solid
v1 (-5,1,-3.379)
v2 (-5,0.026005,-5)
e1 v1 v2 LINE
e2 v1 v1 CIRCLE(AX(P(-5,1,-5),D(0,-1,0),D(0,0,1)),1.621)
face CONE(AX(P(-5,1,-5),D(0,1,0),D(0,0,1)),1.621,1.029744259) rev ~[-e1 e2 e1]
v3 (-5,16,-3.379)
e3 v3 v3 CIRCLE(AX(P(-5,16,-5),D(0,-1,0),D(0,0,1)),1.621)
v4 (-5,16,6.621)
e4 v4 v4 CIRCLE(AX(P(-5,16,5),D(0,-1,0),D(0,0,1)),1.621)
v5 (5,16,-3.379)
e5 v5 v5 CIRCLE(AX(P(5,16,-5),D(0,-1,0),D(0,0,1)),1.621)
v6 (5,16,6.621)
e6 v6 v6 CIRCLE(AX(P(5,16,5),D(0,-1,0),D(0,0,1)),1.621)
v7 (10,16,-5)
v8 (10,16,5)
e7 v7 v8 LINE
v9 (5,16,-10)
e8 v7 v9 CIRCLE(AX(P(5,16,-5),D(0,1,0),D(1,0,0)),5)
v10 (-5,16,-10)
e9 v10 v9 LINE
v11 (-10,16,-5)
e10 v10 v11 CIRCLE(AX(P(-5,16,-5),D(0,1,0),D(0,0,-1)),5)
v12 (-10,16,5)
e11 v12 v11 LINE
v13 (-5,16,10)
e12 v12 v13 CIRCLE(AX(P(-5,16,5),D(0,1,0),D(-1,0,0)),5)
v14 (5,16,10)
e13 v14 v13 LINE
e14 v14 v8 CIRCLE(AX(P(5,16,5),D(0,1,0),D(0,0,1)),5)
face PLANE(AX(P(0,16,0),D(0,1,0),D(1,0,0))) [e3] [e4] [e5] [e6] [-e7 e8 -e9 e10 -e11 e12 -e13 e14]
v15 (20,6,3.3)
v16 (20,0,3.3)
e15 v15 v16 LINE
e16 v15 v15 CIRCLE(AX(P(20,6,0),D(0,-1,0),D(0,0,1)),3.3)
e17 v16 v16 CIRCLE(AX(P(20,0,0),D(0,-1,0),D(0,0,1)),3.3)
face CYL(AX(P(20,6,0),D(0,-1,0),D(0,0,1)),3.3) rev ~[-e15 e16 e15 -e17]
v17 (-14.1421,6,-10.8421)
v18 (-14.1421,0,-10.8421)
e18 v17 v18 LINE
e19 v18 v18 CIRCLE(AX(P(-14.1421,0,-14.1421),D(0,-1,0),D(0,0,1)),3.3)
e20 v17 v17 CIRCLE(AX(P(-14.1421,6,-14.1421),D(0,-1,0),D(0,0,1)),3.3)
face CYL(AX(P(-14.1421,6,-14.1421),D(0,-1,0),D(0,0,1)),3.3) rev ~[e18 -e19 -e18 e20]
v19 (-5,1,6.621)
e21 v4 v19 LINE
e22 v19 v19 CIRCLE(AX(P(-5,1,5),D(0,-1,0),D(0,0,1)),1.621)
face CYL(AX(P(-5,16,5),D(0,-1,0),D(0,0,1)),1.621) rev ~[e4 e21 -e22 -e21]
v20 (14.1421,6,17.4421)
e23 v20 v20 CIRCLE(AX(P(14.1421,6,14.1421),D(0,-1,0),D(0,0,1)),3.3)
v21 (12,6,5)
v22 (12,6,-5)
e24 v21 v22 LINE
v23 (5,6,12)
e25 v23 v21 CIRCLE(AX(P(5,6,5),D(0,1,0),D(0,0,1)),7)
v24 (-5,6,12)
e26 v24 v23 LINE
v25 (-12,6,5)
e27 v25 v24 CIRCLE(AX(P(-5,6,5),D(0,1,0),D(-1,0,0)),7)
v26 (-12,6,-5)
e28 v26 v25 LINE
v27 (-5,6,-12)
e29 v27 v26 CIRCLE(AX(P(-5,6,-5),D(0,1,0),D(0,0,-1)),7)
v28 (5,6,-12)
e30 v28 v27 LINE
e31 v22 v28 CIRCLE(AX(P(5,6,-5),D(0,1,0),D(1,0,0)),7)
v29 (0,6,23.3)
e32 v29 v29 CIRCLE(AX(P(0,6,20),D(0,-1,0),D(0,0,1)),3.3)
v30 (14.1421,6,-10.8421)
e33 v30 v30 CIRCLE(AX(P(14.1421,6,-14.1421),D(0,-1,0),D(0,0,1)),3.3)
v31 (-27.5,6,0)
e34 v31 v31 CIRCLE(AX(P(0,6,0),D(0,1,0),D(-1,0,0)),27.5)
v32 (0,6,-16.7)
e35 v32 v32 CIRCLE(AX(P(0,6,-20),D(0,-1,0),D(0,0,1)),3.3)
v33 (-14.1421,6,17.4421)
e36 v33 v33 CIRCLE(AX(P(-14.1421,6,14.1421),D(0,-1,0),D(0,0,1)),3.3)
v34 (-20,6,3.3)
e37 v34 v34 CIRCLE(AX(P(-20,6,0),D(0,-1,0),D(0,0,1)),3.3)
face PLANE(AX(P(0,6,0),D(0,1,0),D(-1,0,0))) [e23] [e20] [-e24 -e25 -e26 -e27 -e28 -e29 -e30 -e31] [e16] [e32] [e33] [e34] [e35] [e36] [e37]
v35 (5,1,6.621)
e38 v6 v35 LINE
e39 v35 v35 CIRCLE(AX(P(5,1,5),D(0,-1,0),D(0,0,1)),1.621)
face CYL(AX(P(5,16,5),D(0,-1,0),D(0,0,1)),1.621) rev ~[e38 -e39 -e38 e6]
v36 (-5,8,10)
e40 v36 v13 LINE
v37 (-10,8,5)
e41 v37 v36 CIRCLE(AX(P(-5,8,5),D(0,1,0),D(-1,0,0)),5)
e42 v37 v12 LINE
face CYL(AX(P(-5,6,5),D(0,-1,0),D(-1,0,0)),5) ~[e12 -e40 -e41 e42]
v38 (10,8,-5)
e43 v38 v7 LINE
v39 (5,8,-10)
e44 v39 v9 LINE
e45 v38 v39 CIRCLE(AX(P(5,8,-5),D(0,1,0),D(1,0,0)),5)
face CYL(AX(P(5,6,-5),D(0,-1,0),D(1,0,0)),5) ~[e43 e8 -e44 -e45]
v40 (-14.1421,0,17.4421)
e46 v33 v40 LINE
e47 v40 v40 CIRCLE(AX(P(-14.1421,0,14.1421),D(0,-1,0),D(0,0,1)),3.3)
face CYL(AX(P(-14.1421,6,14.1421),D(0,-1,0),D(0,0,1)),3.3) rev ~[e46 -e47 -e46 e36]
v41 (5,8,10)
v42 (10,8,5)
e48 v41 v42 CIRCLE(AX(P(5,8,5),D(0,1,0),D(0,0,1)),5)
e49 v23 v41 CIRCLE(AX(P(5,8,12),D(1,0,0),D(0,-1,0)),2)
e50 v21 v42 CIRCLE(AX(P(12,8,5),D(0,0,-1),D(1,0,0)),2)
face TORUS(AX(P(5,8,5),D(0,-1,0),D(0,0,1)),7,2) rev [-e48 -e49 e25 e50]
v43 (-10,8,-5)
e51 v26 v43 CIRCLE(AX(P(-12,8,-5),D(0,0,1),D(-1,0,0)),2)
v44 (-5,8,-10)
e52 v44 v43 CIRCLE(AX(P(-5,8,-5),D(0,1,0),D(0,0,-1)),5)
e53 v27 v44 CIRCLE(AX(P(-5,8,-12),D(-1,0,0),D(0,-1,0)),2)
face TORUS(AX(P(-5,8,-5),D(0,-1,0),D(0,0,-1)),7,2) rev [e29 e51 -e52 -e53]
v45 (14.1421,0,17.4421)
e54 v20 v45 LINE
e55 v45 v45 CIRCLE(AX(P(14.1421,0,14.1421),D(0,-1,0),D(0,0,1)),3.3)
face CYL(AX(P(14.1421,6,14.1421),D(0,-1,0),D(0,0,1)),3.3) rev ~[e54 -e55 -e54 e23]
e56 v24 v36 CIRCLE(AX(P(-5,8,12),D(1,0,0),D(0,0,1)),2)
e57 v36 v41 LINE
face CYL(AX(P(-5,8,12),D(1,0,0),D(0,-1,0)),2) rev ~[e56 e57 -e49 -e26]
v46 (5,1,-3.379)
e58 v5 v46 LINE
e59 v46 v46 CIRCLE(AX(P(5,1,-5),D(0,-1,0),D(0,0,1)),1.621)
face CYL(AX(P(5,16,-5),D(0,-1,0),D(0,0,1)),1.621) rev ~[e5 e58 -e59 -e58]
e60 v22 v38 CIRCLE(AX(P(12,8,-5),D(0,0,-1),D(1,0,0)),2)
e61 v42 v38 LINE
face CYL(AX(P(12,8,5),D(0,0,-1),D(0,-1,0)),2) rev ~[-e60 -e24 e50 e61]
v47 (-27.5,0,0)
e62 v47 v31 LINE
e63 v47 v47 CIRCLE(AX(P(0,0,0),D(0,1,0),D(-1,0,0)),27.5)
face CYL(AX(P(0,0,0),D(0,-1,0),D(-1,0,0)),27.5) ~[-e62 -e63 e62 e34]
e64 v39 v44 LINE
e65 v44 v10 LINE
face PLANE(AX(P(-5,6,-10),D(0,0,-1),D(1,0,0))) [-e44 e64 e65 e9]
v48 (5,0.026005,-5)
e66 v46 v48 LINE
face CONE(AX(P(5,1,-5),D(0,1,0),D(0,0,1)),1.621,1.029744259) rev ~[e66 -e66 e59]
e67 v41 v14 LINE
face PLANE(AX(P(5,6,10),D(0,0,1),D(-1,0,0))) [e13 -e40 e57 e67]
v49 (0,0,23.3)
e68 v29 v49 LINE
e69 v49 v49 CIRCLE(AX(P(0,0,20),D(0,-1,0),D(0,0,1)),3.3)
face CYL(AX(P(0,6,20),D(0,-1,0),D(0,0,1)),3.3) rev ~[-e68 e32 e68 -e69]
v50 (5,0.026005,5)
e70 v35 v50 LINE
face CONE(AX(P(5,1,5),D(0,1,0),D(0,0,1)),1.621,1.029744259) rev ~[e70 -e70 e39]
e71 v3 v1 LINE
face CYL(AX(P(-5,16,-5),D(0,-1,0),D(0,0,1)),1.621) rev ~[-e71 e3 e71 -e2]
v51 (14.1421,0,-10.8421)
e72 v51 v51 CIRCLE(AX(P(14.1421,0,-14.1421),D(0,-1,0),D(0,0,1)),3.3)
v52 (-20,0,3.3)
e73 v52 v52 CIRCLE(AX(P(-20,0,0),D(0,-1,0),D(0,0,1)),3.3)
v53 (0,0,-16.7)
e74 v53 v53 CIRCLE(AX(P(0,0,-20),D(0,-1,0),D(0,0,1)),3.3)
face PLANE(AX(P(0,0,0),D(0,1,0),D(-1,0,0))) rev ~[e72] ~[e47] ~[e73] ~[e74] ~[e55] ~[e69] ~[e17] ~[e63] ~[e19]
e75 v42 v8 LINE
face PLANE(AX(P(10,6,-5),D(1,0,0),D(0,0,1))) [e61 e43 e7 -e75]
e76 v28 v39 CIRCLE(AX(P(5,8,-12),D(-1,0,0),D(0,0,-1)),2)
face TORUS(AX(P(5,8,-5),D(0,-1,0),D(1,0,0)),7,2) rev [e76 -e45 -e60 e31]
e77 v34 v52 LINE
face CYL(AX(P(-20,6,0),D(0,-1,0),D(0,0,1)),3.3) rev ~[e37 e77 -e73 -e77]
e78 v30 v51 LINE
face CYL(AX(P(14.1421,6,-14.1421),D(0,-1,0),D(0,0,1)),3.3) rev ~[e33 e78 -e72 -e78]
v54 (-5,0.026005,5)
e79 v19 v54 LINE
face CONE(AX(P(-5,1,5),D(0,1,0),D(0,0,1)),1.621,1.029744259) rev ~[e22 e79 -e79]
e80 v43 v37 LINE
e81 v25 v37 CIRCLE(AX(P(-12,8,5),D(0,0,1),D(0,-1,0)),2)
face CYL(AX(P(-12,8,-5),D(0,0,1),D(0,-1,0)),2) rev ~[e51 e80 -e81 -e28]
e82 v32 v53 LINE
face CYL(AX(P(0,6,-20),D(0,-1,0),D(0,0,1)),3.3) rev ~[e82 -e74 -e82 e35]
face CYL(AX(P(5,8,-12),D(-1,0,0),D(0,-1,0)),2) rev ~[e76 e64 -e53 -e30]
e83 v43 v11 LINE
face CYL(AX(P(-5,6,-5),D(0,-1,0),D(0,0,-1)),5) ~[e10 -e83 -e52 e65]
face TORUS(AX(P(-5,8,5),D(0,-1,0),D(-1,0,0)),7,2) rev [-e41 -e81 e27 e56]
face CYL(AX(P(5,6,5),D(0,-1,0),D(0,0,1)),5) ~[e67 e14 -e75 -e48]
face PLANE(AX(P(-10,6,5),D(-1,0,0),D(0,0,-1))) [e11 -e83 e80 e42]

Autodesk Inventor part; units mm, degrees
ref_plane "YZ Plane" through (0, 0, 0) normal (1, 0, 0) x (0, 1, 0)
ref_plane "XZ Plane" through (0, 0, 0) normal (0, 1, 0) x (-1, 0, 0)
ref_plane "XY Plane" through (0, 0, 0) normal (0, 0, 1) x (1, 0, 0)
sketch "Sketch1" plane through (0, 0, 0) normal (0, 1, 0) x (-1, 0, 0)
  circle A0 centre (0, 0) radius 27.5
  dimension "d0" = 55
extrude "Extrusion1" add sketch "Sketch1" along normal blind 6
sketch "Sketch2" plane through (0, 6, 0) normal (0, 1, 0) x (1, 0, 0)
  circle A0 centre (0, 0) radius 27.5 projected
  point P0 (20, 0)
  point P1 (14.1421, 14.1421)
  point P2 (0, 20)
  point P3 (-14.1421, 14.1421)
  point P4 (-20, 0)
  point P5 (-14.1421, -14.1421)
  point P6 (0, -20)
  point P7 (14.1421, -14.1421)
  dimension "d3" = 20
  dimension "d6" = 360
hole "Hole1" at (20, 6, 0) at (14.1421, 6, -14.1421) at (0, 6, -20) at (-14.1421, 6, -14.1421) at (-20, 6, 0) at (-14.1421, 6, 14.1421) at (0, 6, 20) at (14.1421, 6, 14.1421) direction (0, -1, 0) diameter 6.6 depth 8 tip angle 118 clearance for "Flat Head Machine Screw" size "M6" standard "Ansi Metric M Profile"
sketch "Sketch3" plane through (0, 6, 0) normal (0, 1, 0) x (1, 0, 0)
  circle A0 centre (0, 0) radius 27.5 projected
  line L0 (-5, 10) -> (5, 10)
  line L1 (10, 5) -> (10, -5)
  line L2 (5, -10) -> (-5, -10)
  line L3 (-10, -5) -> (-10, 5)
  arc A1 (-5, 10) -> (-10, 5) centre (-5, 5) ccw
  arc A2 (10, 5) -> (5, 10) centre (5, 5) ccw
  arc A3 (5, -10) -> (10, -5) centre (5, -5) ccw
  arc A4 (-10, -5) -> (-5, -10) centre (-5, -5) ccw
  point P0 (0, 10)
  point P1 (10, 0)
  dimension "d15" = 5
  dimension "d16" = 20
  dimension "d17" = 20
extrude "Extrusion2" add sketch "Sketch3" along normal blind 10 contours L0 A2 L1 A3 L2 A4 L3 A1
sketch "Sketch4" plane through (0, 16, 0) normal (0, 1, 0) x (1, 0, 0)
  arc A0 (-5, 10) -> (-10, 5) centre (-5, 5) ccw projected
  arc A1 (-10, -5) -> (-5, -10) centre (-5, -5) ccw projected
  arc A2 (5, -10) -> (10, -5) centre (5, -5) ccw projected
  arc A3 (10, 5) -> (5, 10) centre (5, 5) ccw projected
  point P0 (0, 0)
hole "Hole2" at (-5, 16, -5) at (5, 16, -5) at (5, 16, 5) at (-5, 16, 5) direction (0, -1, 0) diameter 3.242 depth 15 tip angle 118 thread size "M4x0.7" class "6H" standard "ANSI Metric M Profile"
fillet "Fillet1" radius 2 8 edges at (8.5355, 6, -8.5355) (10, 6, 0) (8.5355, 6, 8.5355) (0, 6, 10) (-8.5355, 6, 8.5355) (-10, 6, 0) (-8.5355, 6, -8.5355) (0, 6, -10)
properties part number "simple_holder_right_angle"
